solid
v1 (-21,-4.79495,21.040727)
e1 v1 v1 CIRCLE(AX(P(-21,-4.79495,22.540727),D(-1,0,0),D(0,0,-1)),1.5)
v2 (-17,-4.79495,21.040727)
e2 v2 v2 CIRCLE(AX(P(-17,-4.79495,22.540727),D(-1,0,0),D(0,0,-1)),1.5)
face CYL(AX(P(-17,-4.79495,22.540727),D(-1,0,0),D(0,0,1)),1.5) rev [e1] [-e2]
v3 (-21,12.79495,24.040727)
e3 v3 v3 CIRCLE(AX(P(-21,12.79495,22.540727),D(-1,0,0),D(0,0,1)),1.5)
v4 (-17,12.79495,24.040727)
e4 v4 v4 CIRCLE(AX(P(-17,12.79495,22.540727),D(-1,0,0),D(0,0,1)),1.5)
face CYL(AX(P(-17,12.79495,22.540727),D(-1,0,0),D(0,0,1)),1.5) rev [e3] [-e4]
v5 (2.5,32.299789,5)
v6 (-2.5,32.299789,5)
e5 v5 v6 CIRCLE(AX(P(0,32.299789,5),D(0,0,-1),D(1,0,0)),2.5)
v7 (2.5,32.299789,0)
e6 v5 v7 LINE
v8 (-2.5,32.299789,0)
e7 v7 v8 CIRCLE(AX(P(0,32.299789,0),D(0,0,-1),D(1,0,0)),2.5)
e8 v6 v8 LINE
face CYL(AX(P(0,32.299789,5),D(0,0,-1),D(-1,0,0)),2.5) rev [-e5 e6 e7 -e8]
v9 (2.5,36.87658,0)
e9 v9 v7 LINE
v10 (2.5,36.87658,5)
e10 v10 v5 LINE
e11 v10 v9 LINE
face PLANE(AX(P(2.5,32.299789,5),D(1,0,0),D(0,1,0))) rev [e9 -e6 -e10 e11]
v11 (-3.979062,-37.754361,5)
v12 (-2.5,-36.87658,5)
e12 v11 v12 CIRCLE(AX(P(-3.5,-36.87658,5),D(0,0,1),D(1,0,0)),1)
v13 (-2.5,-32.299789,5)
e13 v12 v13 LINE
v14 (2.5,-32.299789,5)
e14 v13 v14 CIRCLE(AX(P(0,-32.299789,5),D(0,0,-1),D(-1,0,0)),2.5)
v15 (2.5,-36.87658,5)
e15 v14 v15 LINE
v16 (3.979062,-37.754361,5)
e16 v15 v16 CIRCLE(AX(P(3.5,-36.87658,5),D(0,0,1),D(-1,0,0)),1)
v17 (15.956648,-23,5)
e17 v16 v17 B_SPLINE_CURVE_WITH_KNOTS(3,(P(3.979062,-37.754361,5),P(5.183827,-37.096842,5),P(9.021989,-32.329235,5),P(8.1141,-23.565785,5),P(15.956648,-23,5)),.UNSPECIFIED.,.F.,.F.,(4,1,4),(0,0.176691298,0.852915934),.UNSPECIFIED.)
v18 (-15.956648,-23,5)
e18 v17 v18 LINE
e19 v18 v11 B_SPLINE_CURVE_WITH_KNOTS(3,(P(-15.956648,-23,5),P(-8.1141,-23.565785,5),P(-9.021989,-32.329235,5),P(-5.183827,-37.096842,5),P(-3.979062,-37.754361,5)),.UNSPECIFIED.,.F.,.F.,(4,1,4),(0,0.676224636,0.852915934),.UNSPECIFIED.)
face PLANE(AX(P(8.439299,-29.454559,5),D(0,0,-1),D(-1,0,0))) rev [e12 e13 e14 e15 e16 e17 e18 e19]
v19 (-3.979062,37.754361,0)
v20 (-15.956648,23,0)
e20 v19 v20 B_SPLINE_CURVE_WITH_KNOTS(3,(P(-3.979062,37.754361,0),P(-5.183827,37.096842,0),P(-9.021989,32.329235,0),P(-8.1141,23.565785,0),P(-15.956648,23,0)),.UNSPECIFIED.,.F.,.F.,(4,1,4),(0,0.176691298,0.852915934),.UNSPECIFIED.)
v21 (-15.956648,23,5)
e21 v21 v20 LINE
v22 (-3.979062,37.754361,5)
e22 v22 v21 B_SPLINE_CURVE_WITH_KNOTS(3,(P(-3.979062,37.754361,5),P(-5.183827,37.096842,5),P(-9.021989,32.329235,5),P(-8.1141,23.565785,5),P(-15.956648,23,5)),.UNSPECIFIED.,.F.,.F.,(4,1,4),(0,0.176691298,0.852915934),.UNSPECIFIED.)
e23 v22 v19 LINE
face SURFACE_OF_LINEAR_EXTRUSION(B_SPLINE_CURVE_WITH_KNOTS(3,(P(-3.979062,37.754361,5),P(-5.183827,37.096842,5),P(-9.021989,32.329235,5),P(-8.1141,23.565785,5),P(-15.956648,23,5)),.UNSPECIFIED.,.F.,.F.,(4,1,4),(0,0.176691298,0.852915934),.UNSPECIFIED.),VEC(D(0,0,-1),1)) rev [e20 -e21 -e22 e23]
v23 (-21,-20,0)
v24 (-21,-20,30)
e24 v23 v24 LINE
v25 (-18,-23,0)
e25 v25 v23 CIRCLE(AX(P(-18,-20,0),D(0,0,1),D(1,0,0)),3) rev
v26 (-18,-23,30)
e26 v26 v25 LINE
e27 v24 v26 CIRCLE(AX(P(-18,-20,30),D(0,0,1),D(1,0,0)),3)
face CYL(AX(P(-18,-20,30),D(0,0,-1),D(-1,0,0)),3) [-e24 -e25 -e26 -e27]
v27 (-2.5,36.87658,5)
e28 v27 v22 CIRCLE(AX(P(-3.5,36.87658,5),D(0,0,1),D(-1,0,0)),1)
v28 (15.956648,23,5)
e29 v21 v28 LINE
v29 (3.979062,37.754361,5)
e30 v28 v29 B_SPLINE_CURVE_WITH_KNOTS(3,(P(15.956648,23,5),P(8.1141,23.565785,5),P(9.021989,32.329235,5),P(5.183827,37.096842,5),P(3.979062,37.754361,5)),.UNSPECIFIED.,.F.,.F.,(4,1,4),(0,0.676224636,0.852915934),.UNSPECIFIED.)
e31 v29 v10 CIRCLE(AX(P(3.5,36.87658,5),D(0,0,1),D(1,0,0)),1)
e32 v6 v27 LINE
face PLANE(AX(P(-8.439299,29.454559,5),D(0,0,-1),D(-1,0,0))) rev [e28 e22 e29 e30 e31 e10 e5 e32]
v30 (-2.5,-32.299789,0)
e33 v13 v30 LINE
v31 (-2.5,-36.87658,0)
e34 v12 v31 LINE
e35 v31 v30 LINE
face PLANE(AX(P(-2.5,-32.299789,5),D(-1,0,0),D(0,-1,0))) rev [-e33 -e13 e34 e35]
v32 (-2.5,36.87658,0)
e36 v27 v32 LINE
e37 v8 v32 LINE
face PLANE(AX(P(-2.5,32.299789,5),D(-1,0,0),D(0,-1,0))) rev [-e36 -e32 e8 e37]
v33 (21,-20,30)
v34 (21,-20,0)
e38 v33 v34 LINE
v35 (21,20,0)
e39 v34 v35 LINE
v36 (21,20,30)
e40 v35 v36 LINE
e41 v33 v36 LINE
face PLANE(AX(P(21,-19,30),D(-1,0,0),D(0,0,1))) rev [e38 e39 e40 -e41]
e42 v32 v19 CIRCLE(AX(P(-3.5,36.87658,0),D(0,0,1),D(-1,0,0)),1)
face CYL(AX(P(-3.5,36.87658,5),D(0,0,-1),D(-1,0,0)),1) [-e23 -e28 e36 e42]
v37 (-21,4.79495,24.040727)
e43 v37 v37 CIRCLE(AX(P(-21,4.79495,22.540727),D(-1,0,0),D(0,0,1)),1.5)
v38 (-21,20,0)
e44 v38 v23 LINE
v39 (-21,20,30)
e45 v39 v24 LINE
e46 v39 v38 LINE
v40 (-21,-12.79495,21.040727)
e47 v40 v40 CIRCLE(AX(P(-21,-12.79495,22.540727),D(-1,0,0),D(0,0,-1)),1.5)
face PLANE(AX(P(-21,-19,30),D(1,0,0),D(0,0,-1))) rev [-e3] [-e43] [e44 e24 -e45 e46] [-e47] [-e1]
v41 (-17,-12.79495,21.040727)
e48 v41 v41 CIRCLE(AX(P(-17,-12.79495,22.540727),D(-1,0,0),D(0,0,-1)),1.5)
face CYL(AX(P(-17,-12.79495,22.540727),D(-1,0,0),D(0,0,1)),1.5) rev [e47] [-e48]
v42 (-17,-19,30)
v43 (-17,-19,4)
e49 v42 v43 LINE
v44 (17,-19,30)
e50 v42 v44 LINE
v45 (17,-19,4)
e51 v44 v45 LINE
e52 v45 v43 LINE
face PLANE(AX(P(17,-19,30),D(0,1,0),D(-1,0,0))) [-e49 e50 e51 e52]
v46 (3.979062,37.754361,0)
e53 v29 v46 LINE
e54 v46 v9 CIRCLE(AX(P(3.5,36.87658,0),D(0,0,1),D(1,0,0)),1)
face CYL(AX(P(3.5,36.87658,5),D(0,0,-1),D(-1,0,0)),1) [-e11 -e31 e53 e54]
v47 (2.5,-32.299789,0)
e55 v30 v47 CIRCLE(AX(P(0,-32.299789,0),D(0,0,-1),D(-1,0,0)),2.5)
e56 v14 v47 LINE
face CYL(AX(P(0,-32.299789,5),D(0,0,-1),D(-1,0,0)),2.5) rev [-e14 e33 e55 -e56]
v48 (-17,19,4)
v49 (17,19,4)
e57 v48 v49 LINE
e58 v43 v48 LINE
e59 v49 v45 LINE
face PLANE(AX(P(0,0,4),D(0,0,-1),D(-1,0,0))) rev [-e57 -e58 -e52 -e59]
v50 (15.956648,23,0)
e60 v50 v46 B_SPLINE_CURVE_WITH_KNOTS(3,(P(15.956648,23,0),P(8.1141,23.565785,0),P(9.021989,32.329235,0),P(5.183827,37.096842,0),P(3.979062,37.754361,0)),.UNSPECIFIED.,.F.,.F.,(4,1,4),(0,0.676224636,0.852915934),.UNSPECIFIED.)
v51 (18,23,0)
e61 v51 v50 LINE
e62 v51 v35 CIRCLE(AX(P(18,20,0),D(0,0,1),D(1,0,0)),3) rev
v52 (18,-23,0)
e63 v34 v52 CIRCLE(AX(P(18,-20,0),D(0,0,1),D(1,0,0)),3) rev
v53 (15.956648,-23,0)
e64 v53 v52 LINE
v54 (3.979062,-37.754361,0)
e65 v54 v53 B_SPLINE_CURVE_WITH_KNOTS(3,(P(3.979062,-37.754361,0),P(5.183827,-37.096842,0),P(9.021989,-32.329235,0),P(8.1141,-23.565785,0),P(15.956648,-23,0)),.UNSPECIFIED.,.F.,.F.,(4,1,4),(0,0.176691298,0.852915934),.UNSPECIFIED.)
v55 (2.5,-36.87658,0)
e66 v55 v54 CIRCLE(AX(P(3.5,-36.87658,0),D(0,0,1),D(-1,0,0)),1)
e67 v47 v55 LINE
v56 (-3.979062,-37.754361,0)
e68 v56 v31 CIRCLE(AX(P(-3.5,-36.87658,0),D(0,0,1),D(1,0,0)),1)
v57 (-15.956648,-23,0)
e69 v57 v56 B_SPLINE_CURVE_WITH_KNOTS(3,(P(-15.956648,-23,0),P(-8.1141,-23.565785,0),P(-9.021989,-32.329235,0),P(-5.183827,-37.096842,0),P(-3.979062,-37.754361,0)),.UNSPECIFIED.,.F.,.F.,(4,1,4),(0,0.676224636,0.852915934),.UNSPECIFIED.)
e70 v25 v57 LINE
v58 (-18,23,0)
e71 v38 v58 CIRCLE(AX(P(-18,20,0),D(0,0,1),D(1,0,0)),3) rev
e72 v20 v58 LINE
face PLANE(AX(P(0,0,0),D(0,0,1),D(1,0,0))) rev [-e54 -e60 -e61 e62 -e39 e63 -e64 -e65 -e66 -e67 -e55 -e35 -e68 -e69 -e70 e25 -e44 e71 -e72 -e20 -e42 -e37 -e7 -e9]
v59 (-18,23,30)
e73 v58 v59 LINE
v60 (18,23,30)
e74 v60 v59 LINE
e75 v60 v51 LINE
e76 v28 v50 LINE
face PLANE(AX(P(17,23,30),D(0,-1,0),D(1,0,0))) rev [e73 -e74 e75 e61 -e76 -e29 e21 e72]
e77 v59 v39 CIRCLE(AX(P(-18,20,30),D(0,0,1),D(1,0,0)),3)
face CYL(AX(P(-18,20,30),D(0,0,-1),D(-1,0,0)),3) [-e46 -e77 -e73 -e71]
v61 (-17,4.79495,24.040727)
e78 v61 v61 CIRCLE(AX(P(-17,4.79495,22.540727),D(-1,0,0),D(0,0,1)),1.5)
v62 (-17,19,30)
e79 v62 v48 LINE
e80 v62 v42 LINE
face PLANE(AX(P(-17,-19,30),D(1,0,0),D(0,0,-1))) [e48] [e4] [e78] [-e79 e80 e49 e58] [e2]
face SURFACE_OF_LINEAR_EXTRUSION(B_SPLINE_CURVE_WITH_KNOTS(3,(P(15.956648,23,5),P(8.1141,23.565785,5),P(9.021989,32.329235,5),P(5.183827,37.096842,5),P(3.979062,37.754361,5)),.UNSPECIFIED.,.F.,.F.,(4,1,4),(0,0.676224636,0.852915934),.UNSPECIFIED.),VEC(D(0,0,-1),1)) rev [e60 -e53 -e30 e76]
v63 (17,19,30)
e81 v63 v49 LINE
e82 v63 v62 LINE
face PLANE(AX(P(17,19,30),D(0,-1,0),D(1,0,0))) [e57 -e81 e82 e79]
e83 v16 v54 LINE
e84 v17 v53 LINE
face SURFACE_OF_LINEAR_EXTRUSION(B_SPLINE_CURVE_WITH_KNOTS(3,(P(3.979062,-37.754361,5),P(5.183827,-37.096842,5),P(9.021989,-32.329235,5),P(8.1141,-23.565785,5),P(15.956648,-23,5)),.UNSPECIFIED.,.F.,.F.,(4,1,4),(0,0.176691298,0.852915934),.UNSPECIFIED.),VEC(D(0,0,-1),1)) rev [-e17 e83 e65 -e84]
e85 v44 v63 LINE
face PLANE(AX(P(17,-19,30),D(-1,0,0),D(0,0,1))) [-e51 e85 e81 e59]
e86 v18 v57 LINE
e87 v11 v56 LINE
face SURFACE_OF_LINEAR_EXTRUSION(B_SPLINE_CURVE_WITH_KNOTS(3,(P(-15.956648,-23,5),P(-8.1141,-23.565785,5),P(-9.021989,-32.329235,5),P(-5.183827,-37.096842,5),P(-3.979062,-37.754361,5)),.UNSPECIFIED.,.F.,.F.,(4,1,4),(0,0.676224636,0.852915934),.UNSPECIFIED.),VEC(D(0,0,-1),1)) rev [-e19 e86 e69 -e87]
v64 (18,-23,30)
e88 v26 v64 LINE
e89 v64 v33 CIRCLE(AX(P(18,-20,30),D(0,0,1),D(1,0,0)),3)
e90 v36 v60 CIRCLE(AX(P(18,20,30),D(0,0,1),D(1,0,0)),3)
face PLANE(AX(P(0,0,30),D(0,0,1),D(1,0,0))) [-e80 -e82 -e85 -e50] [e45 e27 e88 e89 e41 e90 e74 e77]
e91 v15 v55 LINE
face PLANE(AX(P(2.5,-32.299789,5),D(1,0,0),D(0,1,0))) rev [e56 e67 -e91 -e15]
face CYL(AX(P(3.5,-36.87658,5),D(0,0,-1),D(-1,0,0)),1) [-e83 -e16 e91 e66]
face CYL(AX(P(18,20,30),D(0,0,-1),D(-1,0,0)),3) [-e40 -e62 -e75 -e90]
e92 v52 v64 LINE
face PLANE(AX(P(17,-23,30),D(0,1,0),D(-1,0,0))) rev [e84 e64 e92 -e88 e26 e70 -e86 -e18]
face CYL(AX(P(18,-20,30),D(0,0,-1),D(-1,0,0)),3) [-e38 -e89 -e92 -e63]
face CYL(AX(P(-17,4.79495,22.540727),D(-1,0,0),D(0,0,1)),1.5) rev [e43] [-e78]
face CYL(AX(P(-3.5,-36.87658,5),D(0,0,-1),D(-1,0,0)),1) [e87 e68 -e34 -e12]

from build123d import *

# Parameters (mm, degrees)
SCHIZZO1_W                   = 42
SCHIZZO1_H                   = 46
SCHIZZO1_W_2                 = 34
SCHIZZO1_H_2                 = 38
ESTRUSIONE_SOTTILE1_DEPTH    = 30
SCHIZZO2_W                   = 42
SCHIZZO2_H                   = 46
ESTRUSIONE_ESTRUSIONE1_DEPTH = 4
SCHIZZO4_R                   = 1.5
TAGLIO_ESTRUSIONE1_DEPTH     = 4
RACCORDO1_R                  = 3
RACCORDO2_R                  = 3
RACCORDO3_R                  = 3
RACCORDO4_R                  = 3
ESTRUSIONE_ESTRUSIONE3_DEPTH = 5


with BuildPart() as part:
    # Schizzo1 → Estrusione-Sottile1 (new body)
    with BuildSketch(Plane.XY):
        Rectangle(SCHIZZO1_W, SCHIZZO1_H)
        Rectangle(SCHIZZO1_W_2, SCHIZZO1_H_2, mode=Mode.SUBTRACT)
    extrude(amount=ESTRUSIONE_SOTTILE1_DEPTH)

    # Schizzo2 → Estrusione-Estrusione1 (add)
    with BuildSketch(Plane.XY):
        Rectangle(SCHIZZO2_W, SCHIZZO2_H)
    extrude(amount=ESTRUSIONE_ESTRUSIONE1_DEPTH)

    # Schizzo4 → Taglio-Estrusione1 (cut)
    with BuildSketch(Plane.ZY.offset(21)):
        with Locations((22.540727145, 12.794949591)):
            Circle(SCHIZZO4_R)
        with Locations((22.540727145, 4.794949591)):
            Circle(SCHIZZO4_R)
        with Locations(Location((22.540727145, -4.794949591, 0), (0, 0, 180))):
            Circle(SCHIZZO4_R)
        with Locations(Location((22.540727145, -12.794949591, 0), (0, 0, 180))):
            Circle(SCHIZZO4_R)
    extrude(amount=-TAGLIO_ESTRUSIONE1_DEPTH, mode=Mode.SUBTRACT)

    # Raccordo1
    raccordo1_edges = [part.edges().sort_by_distance(p)[0] for p in [
        (-21, -23, 15),
    ]]
    fillet(raccordo1_edges, radius=RACCORDO1_R)

    # Raccordo2
    raccordo2_edges = [part.edges().sort_by_distance(p)[0] for p in [
        (21, -23, 15),
    ]]
    fillet(raccordo2_edges, radius=RACCORDO2_R)

    # Raccordo3
    raccordo3_edges = [part.edges().sort_by_distance(p)[0] for p in [
        (21, 23, 15),
    ]]
    fillet(raccordo3_edges, radius=RACCORDO3_R)

    # Raccordo4
    raccordo4_edges = [part.edges().sort_by_distance(p)[0] for p in [
        (-21, 23, 15),
    ]]
    fillet(raccordo4_edges, radius=RACCORDO4_R)

    # Schizzo3 → Estrusione-Estrusione3 (add)
    with BuildSketch(Plane.XY):
        with BuildLine():
            Line((-15.956647945, 23), (15.956647945, 23))
            add(Edge.make_bspline(
                [(15.956647945, 23), (8.114099812, 23.565784933), (9.021988807, 32.329235039), (5.183827034, 37.096841948), (3.979062469, 37.754360864)],
                knots=[0, 0, 0, 0, 0.676224636, 0.852915934, 0.852915934, 0.852915934, 0.852915934], degree=3))
            ThreePointArc((3.979062469, 37.754360864), (2.989638593, 37.736540073), (2.5, 36.876580054))
            Line((2.5, 36.876580054), (2.5, 32.299789094))
            ThreePointArc((2.5, 32.299789094), (0, 29.799789094), (-2.5, 32.299789094))
            Line((-2.5, 32.299789094), (-2.5, 36.876580054))
            ThreePointArc((-2.5, 36.876580054), (-2.989638593, 37.736540073), (-3.979062469, 37.754360864))
            add(Edge.make_bspline(
                [(-15.956647945, 23), (-8.114099812, 23.565784933), (-9.021988807, 32.329235039), (-5.183827034, 37.096841948), (-3.979062469, 37.754360864)],
                knots=[0, 0, 0, 0, 0.676224636, 0.852915934, 0.852915934, 0.852915934, 0.852915934], degree=3))
        make_face()
        with BuildLine():
            Line((2.5, -32.299789094), (2.5, -36.876580054))
            ThreePointArc((2.5, -36.876580054), (2.989638593, -37.736540073), (3.979062469, -37.754360864))
            add(Edge.make_bspline(
                [(15.956647945, -23), (8.114099812, -23.565784933), (9.021988807, -32.329235039), (5.183827034, -37.096841948), (3.979062469, -37.754360864)],
                knots=[0, 0, 0, 0, 0.676224636, 0.852915934, 0.852915934, 0.852915934, 0.852915934], degree=3))
            Line((15.956647945, -23), (-15.956647945, -23))
            add(Edge.make_bspline(
                [(-15.956647945, -23), (-8.114099812, -23.565784933), (-9.021988807, -32.329235039), (-5.183827034, -37.096841948), (-3.979062469, -37.754360864)],
                knots=[0, 0, 0, 0, 0.676224636, 0.852915934, 0.852915934, 0.852915934, 0.852915934], degree=3))
            ThreePointArc((-3.979062469, -37.754360864), (-2.989638593, -37.736540073), (-2.5, -36.876580054))
            Line((-2.5, -36.876580054), (-2.5, -32.299789094))
            ThreePointArc((-2.5, -32.299789094), (0, -29.799789094), (2.5, -32.299789094))
        make_face()
    extrude(amount=ESTRUSIONE_ESTRUSIONE3_DEPTH)


solid = part.part
